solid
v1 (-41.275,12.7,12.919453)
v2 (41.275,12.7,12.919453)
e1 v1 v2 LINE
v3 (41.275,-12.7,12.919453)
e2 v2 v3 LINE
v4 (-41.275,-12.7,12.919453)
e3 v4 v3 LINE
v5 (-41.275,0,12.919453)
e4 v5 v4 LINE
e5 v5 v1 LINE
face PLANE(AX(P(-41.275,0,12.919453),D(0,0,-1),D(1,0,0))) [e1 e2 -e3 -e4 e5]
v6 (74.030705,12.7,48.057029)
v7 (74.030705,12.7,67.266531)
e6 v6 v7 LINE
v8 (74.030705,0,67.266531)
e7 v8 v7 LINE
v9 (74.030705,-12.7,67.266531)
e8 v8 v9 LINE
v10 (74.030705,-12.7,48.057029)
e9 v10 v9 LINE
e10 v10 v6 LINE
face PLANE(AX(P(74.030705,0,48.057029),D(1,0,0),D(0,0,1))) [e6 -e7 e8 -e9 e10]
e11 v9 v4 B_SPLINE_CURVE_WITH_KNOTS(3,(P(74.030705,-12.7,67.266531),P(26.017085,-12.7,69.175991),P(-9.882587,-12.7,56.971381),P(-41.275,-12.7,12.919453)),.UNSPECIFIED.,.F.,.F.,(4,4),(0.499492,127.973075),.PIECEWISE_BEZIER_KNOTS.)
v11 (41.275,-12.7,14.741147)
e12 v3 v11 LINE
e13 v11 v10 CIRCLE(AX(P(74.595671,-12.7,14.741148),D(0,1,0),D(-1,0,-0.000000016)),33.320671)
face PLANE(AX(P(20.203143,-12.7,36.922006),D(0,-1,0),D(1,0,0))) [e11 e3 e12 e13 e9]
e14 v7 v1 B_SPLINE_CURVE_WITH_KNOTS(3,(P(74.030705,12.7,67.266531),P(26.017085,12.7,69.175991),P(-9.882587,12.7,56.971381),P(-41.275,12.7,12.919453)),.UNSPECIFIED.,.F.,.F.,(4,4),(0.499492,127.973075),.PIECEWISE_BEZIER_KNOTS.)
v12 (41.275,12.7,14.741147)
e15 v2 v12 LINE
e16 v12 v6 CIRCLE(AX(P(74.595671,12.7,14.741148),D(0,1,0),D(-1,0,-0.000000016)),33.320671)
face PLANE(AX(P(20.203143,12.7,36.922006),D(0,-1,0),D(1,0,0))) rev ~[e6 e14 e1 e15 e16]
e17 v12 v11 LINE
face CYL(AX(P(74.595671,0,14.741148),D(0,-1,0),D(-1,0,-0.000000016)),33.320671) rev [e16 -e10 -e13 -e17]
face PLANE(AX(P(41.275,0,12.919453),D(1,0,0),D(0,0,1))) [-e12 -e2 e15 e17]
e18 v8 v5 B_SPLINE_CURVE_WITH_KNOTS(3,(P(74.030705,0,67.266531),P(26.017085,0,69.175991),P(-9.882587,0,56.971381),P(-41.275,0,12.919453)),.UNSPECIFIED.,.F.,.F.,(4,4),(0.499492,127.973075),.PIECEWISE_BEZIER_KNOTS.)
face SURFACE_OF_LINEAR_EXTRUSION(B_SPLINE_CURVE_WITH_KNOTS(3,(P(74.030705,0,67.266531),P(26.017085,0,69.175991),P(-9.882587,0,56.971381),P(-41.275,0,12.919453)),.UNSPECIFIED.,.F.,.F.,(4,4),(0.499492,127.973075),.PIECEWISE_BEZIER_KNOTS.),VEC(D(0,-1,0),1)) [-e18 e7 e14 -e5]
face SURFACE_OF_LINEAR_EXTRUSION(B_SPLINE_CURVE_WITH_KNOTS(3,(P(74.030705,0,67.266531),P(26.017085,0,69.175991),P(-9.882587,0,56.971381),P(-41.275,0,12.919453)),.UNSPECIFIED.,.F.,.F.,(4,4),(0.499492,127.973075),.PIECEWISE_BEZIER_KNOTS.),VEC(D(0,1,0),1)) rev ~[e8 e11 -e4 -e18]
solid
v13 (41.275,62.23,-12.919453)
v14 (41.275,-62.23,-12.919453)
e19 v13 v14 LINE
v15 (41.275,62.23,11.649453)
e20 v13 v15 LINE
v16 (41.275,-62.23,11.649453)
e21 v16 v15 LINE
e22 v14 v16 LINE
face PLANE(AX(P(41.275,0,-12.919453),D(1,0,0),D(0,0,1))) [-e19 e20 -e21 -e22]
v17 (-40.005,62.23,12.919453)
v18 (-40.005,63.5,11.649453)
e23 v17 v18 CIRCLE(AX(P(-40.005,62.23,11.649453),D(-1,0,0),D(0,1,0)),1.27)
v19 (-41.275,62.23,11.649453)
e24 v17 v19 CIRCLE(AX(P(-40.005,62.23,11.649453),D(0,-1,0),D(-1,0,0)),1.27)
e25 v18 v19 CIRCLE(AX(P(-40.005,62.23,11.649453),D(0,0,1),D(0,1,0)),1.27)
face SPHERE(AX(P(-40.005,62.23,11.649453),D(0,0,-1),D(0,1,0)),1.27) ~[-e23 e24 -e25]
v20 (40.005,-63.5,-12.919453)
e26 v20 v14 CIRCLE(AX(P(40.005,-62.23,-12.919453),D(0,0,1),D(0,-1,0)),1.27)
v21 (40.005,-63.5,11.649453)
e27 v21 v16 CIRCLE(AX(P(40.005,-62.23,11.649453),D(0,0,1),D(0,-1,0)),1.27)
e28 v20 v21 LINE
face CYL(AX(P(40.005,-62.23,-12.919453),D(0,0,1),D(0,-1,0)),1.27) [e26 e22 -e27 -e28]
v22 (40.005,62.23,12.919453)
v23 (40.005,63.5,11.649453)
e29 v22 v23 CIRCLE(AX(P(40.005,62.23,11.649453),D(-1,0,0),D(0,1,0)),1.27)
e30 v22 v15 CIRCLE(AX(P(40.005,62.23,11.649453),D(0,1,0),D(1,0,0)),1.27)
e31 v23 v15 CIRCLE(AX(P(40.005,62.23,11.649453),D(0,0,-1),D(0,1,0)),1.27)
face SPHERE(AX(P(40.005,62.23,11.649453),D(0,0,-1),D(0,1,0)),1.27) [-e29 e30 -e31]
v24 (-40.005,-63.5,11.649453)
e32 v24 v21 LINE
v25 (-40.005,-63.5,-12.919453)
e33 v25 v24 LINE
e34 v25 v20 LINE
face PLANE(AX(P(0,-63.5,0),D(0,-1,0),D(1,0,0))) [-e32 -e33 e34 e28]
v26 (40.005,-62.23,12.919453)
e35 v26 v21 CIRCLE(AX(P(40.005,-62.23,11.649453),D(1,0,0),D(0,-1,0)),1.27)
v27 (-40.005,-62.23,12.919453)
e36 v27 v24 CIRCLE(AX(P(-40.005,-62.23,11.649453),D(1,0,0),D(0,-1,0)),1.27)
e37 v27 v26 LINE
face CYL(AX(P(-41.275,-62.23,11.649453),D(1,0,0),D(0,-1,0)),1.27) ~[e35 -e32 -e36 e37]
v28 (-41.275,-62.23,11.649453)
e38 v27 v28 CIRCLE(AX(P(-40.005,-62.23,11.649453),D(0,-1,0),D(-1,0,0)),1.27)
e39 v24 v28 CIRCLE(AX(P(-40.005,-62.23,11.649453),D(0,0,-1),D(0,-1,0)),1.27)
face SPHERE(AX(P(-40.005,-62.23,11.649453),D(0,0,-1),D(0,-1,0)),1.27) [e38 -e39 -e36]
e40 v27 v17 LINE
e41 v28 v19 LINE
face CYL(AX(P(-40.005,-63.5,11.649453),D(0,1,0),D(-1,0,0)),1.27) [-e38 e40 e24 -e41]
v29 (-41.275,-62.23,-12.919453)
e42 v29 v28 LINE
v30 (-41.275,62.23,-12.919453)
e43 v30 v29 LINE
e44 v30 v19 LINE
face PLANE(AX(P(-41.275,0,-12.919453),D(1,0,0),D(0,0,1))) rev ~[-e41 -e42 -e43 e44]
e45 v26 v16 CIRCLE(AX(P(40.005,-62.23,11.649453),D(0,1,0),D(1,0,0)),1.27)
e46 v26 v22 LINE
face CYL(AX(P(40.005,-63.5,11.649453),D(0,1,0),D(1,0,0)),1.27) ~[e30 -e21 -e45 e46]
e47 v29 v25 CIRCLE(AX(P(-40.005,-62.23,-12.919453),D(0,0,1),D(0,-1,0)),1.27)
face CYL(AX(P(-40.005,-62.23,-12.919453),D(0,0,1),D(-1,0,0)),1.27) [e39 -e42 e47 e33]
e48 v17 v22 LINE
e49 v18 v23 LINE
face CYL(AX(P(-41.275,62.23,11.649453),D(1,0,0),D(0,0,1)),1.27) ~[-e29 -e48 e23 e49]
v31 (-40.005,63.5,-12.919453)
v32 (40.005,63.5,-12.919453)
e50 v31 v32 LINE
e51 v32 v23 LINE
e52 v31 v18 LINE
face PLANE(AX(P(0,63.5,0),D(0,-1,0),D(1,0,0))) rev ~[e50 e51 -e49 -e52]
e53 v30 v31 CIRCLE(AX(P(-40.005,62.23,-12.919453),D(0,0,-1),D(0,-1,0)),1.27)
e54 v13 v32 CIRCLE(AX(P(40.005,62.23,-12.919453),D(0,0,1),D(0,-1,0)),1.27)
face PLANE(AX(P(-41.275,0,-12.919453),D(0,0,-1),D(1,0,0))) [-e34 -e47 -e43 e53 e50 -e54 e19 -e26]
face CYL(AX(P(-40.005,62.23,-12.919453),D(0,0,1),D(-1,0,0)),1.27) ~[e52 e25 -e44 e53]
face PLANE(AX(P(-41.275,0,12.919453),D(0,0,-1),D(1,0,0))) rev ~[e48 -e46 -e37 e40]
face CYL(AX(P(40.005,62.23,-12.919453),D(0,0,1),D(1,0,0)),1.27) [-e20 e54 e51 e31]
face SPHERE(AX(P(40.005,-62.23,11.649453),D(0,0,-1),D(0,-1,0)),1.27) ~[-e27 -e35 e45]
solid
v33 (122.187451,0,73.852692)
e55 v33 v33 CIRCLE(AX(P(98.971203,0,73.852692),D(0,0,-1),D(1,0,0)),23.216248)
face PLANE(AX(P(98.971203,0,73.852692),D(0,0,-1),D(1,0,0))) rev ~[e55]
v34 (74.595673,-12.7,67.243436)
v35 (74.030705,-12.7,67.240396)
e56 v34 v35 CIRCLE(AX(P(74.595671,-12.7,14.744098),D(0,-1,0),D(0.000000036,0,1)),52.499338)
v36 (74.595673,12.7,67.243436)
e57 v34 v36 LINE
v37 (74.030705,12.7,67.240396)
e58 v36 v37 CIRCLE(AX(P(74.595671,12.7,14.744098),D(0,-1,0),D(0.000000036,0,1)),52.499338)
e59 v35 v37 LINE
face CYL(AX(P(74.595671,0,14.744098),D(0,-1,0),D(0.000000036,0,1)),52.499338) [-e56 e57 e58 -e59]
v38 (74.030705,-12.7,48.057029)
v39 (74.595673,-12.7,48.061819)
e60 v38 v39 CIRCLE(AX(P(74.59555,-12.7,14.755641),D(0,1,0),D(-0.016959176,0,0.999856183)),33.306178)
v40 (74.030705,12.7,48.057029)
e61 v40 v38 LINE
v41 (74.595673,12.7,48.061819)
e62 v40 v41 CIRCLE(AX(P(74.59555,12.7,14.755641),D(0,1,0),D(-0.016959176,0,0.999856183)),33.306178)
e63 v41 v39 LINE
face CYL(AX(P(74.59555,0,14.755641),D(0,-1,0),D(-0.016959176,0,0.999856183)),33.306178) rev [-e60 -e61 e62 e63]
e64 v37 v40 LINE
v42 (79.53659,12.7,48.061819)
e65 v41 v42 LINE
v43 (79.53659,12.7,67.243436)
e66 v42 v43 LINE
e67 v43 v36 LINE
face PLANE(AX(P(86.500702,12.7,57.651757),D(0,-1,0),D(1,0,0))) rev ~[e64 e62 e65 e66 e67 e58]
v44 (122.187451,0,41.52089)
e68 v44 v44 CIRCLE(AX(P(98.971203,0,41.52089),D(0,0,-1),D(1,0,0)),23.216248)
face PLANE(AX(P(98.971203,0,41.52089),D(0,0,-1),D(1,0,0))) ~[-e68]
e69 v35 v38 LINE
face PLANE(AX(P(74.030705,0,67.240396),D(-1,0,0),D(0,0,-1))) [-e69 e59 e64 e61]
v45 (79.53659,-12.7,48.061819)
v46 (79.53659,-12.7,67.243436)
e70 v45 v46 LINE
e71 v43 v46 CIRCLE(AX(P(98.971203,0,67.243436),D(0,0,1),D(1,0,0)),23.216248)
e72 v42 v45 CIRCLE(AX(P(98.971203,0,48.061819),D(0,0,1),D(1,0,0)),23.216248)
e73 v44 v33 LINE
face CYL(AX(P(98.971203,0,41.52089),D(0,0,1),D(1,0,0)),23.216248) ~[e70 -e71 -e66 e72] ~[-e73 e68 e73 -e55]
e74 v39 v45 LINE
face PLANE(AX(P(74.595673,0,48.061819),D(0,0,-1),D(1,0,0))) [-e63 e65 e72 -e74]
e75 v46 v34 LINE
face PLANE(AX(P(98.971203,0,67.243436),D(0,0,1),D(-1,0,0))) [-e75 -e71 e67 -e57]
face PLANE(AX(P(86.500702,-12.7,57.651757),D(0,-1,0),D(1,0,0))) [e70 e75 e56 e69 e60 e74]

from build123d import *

# Parameters (mm, degrees)
F0_W     = 82.55
F0_H     = 25.838906
F1_DEPTH = 63.5
F2_DEPTH = 12.7
F3_DEPTH = 12.7
F5_R     = 1.27


with BuildPart() as f1:
    # F0 (on Front) → F1 (new body, symmetric)
    with BuildSketch(Plane.XZ):
        Rectangle(F0_W, F0_H)
    extrude(amount=F1_DEPTH, both=True)

    # F5
    f5_edges = [f1.edges().sort_by_distance(p)[0] for p in [
        (41.275, -63.5, 0),
        (-41.275, -63.5, 0),
        (41.275, 63.5, 0),
        (-41.275, 63.5, 0),
        (0, 63.5, 12.919453),
        (0, -63.5, 12.919453),
        (-41.275, 0, 12.919453),
        (41.275, 0, 12.919453),
    ]]
    fillet(f5_edges, radius=F5_R)


with BuildPart() as f2:
    # F0 (on Front) → F2 (new body, symmetric)
    with BuildSketch(Plane.XZ):
        with BuildLine():
            Line((74.030705, 67.240396), (74.030705, 48.057029))
            ThreePointArc((74.030705, 48.057029), (74.313179, 48.060622), (74.595673, 48.061819))
            Line((74.595673, 48.061819), (98.971203, 48.061819))
            Line((98.971203, 48.061819), (98.971203, 67.243436))
            Line((98.971203, 67.243436), (74.595673, 67.243436))
            ThreePointArc((74.595673, 67.243436), (74.313185, 67.242676), (74.030705, 67.240396))
        make_face()
    extrude(amount=F2_DEPTH, both=True)

    # F0 (on Front) → F4 (revolve)
    with BuildSketch(Plane.XZ):
        Polygon((122.187451, 73.852692), (98.971203, 73.852692), (98.971203, 67.243436), (98.971203, 48.061819), (98.971203, 41.52089), (122.187451, 41.52089), align=None)
    revolve(axis=Axis((98.971203, 0, 57.652628), (0, 0, -1)))


with BuildPart() as f3:
    # F0 (on Front) → F3 (new body, symmetric)
    with BuildSketch(Plane.XZ):
        with BuildLine():
            Line((-41.275, 12.919453), (41.275, 12.919453))
            Line((41.275, 12.919453), (41.275, 14.741147))
            ThreePointArc((41.275, 14.741147), (50.835492, 38.10182), (74.030705, 48.057029))
            Line((74.030705, 48.057029), (74.030705, 67.240396))
            Line((74.030705, 67.240396), (74.030705, 67.266531))
            add(Edge.make_bspline(
                [(74.030705, 67.266531), (26.017085, 69.175991), (-9.882587, 56.971381), (-41.275, 12.919453)],
                knots=[0.499492, 0.499492, 0.499492, 0.499492, 127.973075, 127.973075, 127.973075, 127.973075], degree=3))
        make_face()
    extrude(amount=F3_DEPTH, both=True)


solid = Compound([f1.part, f2.part, f3.part])
